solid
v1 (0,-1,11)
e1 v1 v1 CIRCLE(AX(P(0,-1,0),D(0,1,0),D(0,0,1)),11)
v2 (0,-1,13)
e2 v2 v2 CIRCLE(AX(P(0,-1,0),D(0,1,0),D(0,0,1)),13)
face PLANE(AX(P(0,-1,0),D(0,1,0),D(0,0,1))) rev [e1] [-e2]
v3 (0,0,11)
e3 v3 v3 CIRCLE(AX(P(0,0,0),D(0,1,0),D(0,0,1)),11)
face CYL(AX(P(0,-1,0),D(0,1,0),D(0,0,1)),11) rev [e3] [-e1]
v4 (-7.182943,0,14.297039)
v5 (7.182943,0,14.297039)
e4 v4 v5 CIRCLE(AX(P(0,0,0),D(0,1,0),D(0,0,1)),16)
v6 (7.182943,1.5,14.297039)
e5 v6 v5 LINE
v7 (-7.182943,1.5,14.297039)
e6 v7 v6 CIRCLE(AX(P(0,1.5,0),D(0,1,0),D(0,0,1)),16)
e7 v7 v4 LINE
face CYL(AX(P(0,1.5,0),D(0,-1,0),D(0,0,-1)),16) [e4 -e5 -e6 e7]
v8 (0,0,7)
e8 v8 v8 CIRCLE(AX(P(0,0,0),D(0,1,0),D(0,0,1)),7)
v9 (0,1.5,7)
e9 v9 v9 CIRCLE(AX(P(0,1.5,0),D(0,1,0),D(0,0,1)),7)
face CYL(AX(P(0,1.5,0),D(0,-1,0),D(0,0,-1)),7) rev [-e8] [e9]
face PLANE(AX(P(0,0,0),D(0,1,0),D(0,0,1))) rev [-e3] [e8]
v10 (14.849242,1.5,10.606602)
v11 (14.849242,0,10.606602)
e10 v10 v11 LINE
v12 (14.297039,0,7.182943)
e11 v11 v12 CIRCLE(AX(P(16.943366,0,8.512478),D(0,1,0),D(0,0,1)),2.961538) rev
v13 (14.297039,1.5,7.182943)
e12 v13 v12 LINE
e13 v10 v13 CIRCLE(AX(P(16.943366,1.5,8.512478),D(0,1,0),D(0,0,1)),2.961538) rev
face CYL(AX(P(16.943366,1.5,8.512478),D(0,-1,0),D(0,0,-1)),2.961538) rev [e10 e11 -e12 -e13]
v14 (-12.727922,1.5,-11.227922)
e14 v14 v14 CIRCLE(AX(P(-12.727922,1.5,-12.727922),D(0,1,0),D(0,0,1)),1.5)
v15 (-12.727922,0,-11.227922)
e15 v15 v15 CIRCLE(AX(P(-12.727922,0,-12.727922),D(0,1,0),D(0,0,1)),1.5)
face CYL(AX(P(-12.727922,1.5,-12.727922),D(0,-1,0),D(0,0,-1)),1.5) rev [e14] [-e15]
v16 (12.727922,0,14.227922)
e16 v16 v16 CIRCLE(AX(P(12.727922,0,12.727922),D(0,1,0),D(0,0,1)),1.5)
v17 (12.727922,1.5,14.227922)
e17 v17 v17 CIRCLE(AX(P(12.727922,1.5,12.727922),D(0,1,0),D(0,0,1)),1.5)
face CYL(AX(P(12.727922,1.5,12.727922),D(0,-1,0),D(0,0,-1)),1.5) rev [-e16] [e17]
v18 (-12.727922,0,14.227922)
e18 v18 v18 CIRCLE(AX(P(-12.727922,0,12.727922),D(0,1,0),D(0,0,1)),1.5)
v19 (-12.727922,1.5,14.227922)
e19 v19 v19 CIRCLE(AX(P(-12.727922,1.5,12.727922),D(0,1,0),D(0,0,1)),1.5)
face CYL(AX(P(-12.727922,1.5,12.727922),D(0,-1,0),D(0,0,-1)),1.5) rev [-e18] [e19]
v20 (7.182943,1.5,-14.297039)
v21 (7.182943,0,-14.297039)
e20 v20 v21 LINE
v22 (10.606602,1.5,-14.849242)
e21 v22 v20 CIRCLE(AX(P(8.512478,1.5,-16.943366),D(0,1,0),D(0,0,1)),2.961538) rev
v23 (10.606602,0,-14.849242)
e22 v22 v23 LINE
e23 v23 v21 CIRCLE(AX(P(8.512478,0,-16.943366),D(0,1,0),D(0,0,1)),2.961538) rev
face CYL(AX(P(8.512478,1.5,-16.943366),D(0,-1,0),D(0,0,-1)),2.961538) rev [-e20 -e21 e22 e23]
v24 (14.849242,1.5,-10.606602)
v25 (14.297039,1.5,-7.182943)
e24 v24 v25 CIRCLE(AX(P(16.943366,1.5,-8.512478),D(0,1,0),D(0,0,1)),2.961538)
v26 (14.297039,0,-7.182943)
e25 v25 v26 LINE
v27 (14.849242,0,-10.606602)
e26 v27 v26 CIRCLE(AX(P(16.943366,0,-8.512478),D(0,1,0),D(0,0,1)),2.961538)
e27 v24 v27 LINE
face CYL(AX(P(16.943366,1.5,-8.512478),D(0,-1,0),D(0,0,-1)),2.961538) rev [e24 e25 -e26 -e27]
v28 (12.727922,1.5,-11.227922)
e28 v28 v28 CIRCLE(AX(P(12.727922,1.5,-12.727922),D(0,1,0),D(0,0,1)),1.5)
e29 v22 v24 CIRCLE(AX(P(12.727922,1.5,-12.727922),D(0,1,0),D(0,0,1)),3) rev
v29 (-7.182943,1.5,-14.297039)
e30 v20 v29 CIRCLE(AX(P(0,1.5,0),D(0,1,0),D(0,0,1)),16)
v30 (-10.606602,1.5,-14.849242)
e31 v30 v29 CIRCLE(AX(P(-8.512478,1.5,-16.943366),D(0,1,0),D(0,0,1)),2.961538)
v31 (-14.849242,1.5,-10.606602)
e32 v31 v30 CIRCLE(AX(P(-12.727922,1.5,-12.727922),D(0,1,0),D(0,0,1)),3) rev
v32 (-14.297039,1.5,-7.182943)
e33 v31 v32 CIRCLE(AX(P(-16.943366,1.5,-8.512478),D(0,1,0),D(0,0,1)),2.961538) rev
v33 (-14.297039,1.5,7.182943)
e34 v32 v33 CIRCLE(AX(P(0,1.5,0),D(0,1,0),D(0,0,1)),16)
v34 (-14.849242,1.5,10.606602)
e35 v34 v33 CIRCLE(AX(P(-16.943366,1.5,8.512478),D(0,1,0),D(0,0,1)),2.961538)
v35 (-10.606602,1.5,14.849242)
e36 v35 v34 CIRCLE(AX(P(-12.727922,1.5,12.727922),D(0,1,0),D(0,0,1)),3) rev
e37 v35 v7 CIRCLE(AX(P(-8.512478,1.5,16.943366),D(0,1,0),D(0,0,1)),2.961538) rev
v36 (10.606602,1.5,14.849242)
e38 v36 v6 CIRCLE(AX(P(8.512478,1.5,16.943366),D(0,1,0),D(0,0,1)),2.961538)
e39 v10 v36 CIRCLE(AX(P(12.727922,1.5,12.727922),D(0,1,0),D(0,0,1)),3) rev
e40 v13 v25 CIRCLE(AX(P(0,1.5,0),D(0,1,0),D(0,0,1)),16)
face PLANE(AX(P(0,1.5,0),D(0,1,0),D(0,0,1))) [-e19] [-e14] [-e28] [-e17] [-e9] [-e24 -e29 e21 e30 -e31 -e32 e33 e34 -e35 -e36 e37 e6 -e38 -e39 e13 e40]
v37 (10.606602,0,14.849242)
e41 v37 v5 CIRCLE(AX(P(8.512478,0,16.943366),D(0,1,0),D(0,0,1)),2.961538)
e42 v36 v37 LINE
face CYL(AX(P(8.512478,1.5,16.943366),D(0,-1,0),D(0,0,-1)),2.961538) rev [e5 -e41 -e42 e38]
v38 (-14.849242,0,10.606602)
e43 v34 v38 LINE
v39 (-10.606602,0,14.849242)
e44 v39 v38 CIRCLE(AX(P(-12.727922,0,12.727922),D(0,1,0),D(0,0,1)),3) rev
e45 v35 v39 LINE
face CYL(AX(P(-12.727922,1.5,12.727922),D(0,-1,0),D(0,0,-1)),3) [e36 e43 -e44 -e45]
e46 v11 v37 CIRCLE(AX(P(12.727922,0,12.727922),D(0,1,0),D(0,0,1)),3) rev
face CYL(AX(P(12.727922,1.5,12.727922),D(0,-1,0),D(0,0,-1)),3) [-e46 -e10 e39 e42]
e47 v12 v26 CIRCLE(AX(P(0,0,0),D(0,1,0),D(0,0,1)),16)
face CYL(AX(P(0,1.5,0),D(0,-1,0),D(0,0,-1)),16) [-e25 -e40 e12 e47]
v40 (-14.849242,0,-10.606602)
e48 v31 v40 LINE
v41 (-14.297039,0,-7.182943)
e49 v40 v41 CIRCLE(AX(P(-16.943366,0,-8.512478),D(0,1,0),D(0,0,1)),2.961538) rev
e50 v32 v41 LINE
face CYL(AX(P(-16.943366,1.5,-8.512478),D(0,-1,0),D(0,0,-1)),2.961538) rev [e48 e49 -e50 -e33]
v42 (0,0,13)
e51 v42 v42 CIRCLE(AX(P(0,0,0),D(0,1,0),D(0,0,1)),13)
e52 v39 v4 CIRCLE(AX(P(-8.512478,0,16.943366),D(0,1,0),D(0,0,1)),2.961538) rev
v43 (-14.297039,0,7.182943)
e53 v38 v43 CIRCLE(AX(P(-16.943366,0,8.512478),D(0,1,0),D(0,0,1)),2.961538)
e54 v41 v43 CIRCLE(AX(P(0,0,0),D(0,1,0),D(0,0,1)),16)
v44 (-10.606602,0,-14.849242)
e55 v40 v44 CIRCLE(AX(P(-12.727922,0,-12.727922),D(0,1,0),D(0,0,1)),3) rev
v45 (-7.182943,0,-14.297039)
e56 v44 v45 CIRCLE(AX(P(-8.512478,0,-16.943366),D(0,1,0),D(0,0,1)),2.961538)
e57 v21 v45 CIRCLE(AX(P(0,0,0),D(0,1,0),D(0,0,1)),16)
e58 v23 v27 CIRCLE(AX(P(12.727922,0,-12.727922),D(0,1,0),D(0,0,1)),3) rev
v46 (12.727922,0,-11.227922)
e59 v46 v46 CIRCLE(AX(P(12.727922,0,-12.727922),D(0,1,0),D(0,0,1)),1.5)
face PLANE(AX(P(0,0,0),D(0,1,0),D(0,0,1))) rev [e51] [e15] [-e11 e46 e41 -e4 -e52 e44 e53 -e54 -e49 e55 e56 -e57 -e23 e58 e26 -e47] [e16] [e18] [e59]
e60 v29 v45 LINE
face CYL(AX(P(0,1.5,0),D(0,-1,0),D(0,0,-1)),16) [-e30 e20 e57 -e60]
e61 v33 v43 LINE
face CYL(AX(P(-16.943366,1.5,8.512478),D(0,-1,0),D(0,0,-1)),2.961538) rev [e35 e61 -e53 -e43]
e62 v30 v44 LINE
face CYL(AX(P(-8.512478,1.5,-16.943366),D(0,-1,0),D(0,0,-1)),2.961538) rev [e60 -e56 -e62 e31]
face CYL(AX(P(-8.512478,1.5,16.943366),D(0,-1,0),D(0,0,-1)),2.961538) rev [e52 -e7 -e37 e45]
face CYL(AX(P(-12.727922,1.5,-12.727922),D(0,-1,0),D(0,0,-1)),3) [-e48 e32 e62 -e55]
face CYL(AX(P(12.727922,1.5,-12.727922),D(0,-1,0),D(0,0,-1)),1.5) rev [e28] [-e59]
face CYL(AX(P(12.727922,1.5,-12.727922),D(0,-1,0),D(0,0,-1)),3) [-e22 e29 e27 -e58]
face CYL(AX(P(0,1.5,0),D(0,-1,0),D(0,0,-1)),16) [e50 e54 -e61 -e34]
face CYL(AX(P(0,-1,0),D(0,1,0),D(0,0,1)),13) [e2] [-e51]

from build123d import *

# Parameters (mm, degrees)
SKETCH1_R           = 1.5
SKETCH1_R_2         = 7
BOSS_EXTRUDE1_DEPTH = 1.5
SKETCH1_3_R         = 13
SKETCH1_3_R_2       = 11
BOSS_EXTRUDE2_DEPTH = 1


with BuildPart() as part:
    # Sketch1 → Boss-Extrude1 (new body)
    with BuildSketch(Plane(origin=(0, 0, 0), x_dir=(1, 0, 0), z_dir=(0, 1, 0))):
        with BuildLine():
            ThreePointArc((14.297039341, 7.182942718), (14.019613784, 8.984050781), (14.849242405, 10.606601718))
            ThreePointArc((14.849242405, 10.606601718), (14.849242405, 14.849242405), (10.606601718, 14.849242405))
            ThreePointArc((10.606601718, 14.849242405), (8.984050781, 14.019613784), (7.182942718, 14.297039341))
            ThreePointArc((7.182942718, 14.297039341), (0, 16), (-7.182942718, 14.297039341))
            ThreePointArc((-7.182942718, 14.297039341), (-8.984050781, 14.019613784), (-10.606601718, 14.849242405))
            ThreePointArc((-10.606601718, 14.849242405), (-14.849242405, 14.849242405), (-14.849242405, 10.606601718))
            ThreePointArc((-14.849242405, 10.606601718), (-14.019613784, 8.984050781), (-14.297039341, 7.182942718))
            ThreePointArc((-14.297039341, 7.182942718), (-16, 0), (-14.297039341, -7.182942718))
            ThreePointArc((-14.297039341, -7.182942718), (-14.019613784, -8.984050781), (-14.849242405, -10.606601718))
            ThreePointArc((-14.849242405, -10.606601718), (-14.849242405, -14.849242405), (-10.606601718, -14.849242405))
            ThreePointArc((-10.606601718, -14.849242405), (-8.984050781, -14.019613784), (-7.182942718, -14.297039341))
            ThreePointArc((-7.182942718, -14.297039341), (0, -16), (7.182942718, -14.297039341))
            ThreePointArc((7.182942718, -14.297039341), (8.984050781, -14.019613784), (10.606601718, -14.849242405))
            ThreePointArc((10.606601718, -14.849242405), (14.849242405, -14.849242405), (14.849242405, -10.606601718))
            ThreePointArc((14.849242405, -10.606601718), (14.019613784, -8.984050781), (14.297039341, -7.182942718))
            ThreePointArc((14.297039341, -7.182942718), (16, 0), (14.297039341, 7.182942718))
        make_face()
        with Locations((12.727922061, 12.727922061)):
            Circle(SKETCH1_R, mode=Mode.SUBTRACT)
        with Locations((12.727922061, -12.727922061)):
            Circle(SKETCH1_R, mode=Mode.SUBTRACT)
        with Locations((-12.727922061, 12.727922061)):
            Circle(SKETCH1_R, mode=Mode.SUBTRACT)
        with Locations((-12.727922061, -12.727922061)):
            Circle(SKETCH1_R, mode=Mode.SUBTRACT)
        Circle(SKETCH1_R_2, mode=Mode.SUBTRACT)
    extrude(amount=BOSS_EXTRUDE1_DEPTH)

    # Sketch1<3> → Boss-Extrude2 (add)
    with BuildSketch(Plane(origin=(0, 0, 0), x_dir=(1, 0, 0), z_dir=(0, 1, 0))):
        Circle(SKETCH1_3_R)
        Circle(SKETCH1_3_R_2, mode=Mode.SUBTRACT)
    extrude(amount=-BOSS_EXTRUDE2_DEPTH)


solid = part.part
